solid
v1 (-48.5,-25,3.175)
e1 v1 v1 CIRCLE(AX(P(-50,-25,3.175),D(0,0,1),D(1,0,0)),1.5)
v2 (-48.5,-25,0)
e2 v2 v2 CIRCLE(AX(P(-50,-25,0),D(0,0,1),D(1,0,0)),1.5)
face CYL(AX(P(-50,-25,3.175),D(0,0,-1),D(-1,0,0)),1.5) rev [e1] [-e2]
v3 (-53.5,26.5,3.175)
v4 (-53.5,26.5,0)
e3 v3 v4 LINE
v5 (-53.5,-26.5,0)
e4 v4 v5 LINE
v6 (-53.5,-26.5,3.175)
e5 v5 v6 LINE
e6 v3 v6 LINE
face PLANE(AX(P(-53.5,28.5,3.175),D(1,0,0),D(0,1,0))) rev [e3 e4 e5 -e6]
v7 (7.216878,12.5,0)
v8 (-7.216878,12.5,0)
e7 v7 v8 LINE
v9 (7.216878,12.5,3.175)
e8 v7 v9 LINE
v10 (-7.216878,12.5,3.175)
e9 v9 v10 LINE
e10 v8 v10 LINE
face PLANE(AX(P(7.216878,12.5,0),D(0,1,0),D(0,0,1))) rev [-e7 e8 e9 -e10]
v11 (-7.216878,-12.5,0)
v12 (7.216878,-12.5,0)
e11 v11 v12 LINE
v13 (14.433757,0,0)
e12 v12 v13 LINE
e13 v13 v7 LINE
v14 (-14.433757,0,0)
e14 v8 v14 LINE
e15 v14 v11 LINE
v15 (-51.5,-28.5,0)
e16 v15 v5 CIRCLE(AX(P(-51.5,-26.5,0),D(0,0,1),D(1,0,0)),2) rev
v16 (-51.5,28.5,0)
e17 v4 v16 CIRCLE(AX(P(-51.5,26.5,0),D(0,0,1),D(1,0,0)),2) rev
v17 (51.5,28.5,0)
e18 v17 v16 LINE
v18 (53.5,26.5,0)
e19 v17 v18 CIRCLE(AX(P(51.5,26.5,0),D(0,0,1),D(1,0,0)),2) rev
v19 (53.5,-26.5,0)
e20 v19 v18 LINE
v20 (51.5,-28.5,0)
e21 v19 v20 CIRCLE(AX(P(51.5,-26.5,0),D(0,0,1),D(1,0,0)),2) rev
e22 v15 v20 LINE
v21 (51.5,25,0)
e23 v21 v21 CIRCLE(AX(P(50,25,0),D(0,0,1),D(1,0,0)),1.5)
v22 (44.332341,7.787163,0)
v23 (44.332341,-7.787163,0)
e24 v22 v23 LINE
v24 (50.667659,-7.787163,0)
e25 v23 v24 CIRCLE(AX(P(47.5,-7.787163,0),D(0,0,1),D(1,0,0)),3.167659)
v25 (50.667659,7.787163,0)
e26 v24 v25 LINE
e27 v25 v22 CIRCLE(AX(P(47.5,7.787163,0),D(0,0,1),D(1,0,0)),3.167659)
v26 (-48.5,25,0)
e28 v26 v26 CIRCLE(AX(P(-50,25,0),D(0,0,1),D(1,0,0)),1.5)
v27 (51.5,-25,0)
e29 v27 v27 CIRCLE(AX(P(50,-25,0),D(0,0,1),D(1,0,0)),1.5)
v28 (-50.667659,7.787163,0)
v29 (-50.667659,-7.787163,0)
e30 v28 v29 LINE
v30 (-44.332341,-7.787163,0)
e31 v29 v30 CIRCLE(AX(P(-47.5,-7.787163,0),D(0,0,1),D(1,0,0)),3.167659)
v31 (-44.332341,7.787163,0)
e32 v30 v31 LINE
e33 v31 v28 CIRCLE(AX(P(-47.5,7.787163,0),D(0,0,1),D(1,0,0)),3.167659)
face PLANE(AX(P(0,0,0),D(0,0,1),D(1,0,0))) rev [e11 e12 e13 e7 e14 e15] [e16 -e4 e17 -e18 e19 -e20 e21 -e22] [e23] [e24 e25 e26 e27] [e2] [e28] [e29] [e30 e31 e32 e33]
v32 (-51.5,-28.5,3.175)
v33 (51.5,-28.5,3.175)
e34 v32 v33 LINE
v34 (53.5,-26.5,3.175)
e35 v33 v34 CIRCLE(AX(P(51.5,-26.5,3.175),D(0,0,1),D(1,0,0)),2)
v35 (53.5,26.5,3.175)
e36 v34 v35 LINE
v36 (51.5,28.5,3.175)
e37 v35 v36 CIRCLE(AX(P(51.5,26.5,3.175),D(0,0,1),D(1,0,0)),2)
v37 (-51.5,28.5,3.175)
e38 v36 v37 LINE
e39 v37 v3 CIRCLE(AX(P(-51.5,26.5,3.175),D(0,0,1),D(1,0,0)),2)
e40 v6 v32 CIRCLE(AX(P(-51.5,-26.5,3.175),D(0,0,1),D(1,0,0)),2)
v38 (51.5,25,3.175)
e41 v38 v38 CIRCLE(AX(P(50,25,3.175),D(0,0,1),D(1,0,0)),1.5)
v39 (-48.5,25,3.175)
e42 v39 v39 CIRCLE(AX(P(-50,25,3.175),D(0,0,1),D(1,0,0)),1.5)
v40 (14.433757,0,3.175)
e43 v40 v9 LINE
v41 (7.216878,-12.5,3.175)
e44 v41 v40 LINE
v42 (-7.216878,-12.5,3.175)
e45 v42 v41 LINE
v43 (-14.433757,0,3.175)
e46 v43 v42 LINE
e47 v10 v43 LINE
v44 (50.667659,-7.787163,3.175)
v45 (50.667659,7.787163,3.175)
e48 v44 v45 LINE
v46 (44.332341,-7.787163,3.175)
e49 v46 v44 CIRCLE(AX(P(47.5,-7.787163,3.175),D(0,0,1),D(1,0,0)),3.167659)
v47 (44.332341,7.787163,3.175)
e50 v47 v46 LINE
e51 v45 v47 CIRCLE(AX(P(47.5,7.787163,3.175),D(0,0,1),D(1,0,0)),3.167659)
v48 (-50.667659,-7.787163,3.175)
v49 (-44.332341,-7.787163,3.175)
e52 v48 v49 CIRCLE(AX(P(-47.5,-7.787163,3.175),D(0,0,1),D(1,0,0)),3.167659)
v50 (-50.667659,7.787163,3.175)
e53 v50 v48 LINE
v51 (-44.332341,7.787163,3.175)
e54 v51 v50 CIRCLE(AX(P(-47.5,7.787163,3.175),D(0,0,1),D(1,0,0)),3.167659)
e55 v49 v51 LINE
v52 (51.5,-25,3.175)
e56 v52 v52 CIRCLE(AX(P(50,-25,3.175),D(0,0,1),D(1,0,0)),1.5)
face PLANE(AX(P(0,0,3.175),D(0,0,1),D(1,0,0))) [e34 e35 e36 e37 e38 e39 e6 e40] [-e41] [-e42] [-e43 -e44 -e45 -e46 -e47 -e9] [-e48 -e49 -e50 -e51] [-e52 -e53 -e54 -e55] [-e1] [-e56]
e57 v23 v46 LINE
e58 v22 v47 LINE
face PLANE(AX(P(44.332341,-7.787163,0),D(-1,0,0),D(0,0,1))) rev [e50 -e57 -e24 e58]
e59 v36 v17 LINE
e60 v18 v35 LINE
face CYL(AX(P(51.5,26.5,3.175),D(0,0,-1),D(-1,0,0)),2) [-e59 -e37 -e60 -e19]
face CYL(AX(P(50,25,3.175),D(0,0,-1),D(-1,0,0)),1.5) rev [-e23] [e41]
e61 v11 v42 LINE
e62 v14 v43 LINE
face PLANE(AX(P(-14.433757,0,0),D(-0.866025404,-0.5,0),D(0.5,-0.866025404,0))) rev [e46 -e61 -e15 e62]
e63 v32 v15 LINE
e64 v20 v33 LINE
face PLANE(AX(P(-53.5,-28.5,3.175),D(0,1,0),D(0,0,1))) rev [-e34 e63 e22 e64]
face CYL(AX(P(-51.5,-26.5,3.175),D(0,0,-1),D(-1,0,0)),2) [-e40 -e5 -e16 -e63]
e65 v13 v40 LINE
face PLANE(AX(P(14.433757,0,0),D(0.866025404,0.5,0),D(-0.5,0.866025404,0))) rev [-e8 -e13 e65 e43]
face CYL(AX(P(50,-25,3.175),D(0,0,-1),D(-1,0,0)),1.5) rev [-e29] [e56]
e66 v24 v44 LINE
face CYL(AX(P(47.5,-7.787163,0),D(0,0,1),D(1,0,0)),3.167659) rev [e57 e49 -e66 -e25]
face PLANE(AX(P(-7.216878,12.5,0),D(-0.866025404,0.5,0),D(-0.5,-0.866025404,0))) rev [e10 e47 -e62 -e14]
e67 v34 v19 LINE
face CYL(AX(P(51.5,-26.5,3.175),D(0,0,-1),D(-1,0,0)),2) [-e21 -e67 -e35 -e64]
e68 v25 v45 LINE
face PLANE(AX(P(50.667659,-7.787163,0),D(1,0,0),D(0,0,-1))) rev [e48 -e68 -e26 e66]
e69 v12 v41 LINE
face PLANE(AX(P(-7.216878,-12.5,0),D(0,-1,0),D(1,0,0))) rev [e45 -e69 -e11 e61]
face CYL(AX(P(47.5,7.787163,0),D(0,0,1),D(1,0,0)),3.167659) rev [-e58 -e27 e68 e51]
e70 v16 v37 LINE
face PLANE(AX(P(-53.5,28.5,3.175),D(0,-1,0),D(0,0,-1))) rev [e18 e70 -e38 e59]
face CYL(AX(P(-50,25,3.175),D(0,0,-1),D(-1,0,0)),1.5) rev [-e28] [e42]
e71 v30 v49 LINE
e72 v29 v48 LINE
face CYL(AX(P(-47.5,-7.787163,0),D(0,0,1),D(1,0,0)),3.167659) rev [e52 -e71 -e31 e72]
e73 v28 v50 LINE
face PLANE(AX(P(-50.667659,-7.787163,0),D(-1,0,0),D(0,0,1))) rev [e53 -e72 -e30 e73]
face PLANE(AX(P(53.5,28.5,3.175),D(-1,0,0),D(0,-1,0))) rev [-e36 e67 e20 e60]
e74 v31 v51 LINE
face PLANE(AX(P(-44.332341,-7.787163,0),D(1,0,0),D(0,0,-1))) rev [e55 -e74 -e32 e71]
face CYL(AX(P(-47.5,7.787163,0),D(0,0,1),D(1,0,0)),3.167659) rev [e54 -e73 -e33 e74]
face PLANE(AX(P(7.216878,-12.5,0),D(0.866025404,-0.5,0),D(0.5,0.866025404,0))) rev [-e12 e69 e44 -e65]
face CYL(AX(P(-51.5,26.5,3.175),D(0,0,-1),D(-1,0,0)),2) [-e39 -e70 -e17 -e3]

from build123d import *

# Parameters (mm, degrees)
SKETCH1_W           = 107
SKETCH1_H           = 57
SKETCH1_R           = 1.5
BOSS_EXTRUDE1_DEPTH = 3.175
FILLET1_R           = 2
CUT_EXTRUDE1_DEPTH  = 3.175


with BuildPart() as part:
    # Sketch1 → Boss-Extrude1 (new body)
    with BuildSketch(Plane.XY):
        Rectangle(SKETCH1_W, SKETCH1_H)
        with Locations((-50, 25)):
            Circle(SKETCH1_R, mode=Mode.SUBTRACT)
        with Locations((50, 25)):
            Circle(SKETCH1_R, mode=Mode.SUBTRACT)
        with Locations((-50, -25)):
            Circle(SKETCH1_R, mode=Mode.SUBTRACT)
        with Locations((50, -25)):
            Circle(SKETCH1_R, mode=Mode.SUBTRACT)
    extrude(amount=BOSS_EXTRUDE1_DEPTH)

    # Fillet1
    fillet1_edges = [part.edges().sort_by_distance(p)[0] for p in [
        (-53.5, 28.5, 1.5875),
        (53.5, 28.5, 1.5875),
        (53.5, -28.5, 1.5875),
        (-53.5, -28.5, 1.5875),
    ]]
    fillet(fillet1_edges, radius=FILLET1_R)

    # Sketch2 → Cut-Extrude1 (cut)
    with BuildSketch(Plane.XY.offset(3.175)):
        with BuildLine():
            Line((44.332340651, -7.787162566), (44.332340651, 7.787162566))
            ThreePointArc((44.332340651, 7.787162566), (47.5, 10.954821915), (50.667659349, 7.787162566))
            Line((50.667659349, 7.787162566), (50.667659349, -7.787162566))
            ThreePointArc((50.667659349, -7.787162566), (47.5, -10.954821915), (44.332340651, -7.787162566))
        make_face()
        with BuildLine():
            Line((-50.667659349, -7.787162566), (-50.667659349, 7.787162566))
            ThreePointArc((-50.667659349, 7.787162566), (-47.5, 10.954821915), (-44.332340651, 7.787162566))
            Line((-44.332340651, 7.787162566), (-44.332340651, -7.787162566))
            ThreePointArc((-44.332340651, -7.787162566), (-47.5, -10.954821915), (-50.667659349, -7.787162566))
        make_face()
        Polygon((14.43375673, 0), (7.216878365, 12.5), (-7.216878365, 12.5), (-14.43375673, 0), (-7.216878365, -12.5), (7.216878365, -12.5), align=None)
    extrude(amount=-CUT_EXTRUDE1_DEPTH, mode=Mode.SUBTRACT)


solid = part.part
